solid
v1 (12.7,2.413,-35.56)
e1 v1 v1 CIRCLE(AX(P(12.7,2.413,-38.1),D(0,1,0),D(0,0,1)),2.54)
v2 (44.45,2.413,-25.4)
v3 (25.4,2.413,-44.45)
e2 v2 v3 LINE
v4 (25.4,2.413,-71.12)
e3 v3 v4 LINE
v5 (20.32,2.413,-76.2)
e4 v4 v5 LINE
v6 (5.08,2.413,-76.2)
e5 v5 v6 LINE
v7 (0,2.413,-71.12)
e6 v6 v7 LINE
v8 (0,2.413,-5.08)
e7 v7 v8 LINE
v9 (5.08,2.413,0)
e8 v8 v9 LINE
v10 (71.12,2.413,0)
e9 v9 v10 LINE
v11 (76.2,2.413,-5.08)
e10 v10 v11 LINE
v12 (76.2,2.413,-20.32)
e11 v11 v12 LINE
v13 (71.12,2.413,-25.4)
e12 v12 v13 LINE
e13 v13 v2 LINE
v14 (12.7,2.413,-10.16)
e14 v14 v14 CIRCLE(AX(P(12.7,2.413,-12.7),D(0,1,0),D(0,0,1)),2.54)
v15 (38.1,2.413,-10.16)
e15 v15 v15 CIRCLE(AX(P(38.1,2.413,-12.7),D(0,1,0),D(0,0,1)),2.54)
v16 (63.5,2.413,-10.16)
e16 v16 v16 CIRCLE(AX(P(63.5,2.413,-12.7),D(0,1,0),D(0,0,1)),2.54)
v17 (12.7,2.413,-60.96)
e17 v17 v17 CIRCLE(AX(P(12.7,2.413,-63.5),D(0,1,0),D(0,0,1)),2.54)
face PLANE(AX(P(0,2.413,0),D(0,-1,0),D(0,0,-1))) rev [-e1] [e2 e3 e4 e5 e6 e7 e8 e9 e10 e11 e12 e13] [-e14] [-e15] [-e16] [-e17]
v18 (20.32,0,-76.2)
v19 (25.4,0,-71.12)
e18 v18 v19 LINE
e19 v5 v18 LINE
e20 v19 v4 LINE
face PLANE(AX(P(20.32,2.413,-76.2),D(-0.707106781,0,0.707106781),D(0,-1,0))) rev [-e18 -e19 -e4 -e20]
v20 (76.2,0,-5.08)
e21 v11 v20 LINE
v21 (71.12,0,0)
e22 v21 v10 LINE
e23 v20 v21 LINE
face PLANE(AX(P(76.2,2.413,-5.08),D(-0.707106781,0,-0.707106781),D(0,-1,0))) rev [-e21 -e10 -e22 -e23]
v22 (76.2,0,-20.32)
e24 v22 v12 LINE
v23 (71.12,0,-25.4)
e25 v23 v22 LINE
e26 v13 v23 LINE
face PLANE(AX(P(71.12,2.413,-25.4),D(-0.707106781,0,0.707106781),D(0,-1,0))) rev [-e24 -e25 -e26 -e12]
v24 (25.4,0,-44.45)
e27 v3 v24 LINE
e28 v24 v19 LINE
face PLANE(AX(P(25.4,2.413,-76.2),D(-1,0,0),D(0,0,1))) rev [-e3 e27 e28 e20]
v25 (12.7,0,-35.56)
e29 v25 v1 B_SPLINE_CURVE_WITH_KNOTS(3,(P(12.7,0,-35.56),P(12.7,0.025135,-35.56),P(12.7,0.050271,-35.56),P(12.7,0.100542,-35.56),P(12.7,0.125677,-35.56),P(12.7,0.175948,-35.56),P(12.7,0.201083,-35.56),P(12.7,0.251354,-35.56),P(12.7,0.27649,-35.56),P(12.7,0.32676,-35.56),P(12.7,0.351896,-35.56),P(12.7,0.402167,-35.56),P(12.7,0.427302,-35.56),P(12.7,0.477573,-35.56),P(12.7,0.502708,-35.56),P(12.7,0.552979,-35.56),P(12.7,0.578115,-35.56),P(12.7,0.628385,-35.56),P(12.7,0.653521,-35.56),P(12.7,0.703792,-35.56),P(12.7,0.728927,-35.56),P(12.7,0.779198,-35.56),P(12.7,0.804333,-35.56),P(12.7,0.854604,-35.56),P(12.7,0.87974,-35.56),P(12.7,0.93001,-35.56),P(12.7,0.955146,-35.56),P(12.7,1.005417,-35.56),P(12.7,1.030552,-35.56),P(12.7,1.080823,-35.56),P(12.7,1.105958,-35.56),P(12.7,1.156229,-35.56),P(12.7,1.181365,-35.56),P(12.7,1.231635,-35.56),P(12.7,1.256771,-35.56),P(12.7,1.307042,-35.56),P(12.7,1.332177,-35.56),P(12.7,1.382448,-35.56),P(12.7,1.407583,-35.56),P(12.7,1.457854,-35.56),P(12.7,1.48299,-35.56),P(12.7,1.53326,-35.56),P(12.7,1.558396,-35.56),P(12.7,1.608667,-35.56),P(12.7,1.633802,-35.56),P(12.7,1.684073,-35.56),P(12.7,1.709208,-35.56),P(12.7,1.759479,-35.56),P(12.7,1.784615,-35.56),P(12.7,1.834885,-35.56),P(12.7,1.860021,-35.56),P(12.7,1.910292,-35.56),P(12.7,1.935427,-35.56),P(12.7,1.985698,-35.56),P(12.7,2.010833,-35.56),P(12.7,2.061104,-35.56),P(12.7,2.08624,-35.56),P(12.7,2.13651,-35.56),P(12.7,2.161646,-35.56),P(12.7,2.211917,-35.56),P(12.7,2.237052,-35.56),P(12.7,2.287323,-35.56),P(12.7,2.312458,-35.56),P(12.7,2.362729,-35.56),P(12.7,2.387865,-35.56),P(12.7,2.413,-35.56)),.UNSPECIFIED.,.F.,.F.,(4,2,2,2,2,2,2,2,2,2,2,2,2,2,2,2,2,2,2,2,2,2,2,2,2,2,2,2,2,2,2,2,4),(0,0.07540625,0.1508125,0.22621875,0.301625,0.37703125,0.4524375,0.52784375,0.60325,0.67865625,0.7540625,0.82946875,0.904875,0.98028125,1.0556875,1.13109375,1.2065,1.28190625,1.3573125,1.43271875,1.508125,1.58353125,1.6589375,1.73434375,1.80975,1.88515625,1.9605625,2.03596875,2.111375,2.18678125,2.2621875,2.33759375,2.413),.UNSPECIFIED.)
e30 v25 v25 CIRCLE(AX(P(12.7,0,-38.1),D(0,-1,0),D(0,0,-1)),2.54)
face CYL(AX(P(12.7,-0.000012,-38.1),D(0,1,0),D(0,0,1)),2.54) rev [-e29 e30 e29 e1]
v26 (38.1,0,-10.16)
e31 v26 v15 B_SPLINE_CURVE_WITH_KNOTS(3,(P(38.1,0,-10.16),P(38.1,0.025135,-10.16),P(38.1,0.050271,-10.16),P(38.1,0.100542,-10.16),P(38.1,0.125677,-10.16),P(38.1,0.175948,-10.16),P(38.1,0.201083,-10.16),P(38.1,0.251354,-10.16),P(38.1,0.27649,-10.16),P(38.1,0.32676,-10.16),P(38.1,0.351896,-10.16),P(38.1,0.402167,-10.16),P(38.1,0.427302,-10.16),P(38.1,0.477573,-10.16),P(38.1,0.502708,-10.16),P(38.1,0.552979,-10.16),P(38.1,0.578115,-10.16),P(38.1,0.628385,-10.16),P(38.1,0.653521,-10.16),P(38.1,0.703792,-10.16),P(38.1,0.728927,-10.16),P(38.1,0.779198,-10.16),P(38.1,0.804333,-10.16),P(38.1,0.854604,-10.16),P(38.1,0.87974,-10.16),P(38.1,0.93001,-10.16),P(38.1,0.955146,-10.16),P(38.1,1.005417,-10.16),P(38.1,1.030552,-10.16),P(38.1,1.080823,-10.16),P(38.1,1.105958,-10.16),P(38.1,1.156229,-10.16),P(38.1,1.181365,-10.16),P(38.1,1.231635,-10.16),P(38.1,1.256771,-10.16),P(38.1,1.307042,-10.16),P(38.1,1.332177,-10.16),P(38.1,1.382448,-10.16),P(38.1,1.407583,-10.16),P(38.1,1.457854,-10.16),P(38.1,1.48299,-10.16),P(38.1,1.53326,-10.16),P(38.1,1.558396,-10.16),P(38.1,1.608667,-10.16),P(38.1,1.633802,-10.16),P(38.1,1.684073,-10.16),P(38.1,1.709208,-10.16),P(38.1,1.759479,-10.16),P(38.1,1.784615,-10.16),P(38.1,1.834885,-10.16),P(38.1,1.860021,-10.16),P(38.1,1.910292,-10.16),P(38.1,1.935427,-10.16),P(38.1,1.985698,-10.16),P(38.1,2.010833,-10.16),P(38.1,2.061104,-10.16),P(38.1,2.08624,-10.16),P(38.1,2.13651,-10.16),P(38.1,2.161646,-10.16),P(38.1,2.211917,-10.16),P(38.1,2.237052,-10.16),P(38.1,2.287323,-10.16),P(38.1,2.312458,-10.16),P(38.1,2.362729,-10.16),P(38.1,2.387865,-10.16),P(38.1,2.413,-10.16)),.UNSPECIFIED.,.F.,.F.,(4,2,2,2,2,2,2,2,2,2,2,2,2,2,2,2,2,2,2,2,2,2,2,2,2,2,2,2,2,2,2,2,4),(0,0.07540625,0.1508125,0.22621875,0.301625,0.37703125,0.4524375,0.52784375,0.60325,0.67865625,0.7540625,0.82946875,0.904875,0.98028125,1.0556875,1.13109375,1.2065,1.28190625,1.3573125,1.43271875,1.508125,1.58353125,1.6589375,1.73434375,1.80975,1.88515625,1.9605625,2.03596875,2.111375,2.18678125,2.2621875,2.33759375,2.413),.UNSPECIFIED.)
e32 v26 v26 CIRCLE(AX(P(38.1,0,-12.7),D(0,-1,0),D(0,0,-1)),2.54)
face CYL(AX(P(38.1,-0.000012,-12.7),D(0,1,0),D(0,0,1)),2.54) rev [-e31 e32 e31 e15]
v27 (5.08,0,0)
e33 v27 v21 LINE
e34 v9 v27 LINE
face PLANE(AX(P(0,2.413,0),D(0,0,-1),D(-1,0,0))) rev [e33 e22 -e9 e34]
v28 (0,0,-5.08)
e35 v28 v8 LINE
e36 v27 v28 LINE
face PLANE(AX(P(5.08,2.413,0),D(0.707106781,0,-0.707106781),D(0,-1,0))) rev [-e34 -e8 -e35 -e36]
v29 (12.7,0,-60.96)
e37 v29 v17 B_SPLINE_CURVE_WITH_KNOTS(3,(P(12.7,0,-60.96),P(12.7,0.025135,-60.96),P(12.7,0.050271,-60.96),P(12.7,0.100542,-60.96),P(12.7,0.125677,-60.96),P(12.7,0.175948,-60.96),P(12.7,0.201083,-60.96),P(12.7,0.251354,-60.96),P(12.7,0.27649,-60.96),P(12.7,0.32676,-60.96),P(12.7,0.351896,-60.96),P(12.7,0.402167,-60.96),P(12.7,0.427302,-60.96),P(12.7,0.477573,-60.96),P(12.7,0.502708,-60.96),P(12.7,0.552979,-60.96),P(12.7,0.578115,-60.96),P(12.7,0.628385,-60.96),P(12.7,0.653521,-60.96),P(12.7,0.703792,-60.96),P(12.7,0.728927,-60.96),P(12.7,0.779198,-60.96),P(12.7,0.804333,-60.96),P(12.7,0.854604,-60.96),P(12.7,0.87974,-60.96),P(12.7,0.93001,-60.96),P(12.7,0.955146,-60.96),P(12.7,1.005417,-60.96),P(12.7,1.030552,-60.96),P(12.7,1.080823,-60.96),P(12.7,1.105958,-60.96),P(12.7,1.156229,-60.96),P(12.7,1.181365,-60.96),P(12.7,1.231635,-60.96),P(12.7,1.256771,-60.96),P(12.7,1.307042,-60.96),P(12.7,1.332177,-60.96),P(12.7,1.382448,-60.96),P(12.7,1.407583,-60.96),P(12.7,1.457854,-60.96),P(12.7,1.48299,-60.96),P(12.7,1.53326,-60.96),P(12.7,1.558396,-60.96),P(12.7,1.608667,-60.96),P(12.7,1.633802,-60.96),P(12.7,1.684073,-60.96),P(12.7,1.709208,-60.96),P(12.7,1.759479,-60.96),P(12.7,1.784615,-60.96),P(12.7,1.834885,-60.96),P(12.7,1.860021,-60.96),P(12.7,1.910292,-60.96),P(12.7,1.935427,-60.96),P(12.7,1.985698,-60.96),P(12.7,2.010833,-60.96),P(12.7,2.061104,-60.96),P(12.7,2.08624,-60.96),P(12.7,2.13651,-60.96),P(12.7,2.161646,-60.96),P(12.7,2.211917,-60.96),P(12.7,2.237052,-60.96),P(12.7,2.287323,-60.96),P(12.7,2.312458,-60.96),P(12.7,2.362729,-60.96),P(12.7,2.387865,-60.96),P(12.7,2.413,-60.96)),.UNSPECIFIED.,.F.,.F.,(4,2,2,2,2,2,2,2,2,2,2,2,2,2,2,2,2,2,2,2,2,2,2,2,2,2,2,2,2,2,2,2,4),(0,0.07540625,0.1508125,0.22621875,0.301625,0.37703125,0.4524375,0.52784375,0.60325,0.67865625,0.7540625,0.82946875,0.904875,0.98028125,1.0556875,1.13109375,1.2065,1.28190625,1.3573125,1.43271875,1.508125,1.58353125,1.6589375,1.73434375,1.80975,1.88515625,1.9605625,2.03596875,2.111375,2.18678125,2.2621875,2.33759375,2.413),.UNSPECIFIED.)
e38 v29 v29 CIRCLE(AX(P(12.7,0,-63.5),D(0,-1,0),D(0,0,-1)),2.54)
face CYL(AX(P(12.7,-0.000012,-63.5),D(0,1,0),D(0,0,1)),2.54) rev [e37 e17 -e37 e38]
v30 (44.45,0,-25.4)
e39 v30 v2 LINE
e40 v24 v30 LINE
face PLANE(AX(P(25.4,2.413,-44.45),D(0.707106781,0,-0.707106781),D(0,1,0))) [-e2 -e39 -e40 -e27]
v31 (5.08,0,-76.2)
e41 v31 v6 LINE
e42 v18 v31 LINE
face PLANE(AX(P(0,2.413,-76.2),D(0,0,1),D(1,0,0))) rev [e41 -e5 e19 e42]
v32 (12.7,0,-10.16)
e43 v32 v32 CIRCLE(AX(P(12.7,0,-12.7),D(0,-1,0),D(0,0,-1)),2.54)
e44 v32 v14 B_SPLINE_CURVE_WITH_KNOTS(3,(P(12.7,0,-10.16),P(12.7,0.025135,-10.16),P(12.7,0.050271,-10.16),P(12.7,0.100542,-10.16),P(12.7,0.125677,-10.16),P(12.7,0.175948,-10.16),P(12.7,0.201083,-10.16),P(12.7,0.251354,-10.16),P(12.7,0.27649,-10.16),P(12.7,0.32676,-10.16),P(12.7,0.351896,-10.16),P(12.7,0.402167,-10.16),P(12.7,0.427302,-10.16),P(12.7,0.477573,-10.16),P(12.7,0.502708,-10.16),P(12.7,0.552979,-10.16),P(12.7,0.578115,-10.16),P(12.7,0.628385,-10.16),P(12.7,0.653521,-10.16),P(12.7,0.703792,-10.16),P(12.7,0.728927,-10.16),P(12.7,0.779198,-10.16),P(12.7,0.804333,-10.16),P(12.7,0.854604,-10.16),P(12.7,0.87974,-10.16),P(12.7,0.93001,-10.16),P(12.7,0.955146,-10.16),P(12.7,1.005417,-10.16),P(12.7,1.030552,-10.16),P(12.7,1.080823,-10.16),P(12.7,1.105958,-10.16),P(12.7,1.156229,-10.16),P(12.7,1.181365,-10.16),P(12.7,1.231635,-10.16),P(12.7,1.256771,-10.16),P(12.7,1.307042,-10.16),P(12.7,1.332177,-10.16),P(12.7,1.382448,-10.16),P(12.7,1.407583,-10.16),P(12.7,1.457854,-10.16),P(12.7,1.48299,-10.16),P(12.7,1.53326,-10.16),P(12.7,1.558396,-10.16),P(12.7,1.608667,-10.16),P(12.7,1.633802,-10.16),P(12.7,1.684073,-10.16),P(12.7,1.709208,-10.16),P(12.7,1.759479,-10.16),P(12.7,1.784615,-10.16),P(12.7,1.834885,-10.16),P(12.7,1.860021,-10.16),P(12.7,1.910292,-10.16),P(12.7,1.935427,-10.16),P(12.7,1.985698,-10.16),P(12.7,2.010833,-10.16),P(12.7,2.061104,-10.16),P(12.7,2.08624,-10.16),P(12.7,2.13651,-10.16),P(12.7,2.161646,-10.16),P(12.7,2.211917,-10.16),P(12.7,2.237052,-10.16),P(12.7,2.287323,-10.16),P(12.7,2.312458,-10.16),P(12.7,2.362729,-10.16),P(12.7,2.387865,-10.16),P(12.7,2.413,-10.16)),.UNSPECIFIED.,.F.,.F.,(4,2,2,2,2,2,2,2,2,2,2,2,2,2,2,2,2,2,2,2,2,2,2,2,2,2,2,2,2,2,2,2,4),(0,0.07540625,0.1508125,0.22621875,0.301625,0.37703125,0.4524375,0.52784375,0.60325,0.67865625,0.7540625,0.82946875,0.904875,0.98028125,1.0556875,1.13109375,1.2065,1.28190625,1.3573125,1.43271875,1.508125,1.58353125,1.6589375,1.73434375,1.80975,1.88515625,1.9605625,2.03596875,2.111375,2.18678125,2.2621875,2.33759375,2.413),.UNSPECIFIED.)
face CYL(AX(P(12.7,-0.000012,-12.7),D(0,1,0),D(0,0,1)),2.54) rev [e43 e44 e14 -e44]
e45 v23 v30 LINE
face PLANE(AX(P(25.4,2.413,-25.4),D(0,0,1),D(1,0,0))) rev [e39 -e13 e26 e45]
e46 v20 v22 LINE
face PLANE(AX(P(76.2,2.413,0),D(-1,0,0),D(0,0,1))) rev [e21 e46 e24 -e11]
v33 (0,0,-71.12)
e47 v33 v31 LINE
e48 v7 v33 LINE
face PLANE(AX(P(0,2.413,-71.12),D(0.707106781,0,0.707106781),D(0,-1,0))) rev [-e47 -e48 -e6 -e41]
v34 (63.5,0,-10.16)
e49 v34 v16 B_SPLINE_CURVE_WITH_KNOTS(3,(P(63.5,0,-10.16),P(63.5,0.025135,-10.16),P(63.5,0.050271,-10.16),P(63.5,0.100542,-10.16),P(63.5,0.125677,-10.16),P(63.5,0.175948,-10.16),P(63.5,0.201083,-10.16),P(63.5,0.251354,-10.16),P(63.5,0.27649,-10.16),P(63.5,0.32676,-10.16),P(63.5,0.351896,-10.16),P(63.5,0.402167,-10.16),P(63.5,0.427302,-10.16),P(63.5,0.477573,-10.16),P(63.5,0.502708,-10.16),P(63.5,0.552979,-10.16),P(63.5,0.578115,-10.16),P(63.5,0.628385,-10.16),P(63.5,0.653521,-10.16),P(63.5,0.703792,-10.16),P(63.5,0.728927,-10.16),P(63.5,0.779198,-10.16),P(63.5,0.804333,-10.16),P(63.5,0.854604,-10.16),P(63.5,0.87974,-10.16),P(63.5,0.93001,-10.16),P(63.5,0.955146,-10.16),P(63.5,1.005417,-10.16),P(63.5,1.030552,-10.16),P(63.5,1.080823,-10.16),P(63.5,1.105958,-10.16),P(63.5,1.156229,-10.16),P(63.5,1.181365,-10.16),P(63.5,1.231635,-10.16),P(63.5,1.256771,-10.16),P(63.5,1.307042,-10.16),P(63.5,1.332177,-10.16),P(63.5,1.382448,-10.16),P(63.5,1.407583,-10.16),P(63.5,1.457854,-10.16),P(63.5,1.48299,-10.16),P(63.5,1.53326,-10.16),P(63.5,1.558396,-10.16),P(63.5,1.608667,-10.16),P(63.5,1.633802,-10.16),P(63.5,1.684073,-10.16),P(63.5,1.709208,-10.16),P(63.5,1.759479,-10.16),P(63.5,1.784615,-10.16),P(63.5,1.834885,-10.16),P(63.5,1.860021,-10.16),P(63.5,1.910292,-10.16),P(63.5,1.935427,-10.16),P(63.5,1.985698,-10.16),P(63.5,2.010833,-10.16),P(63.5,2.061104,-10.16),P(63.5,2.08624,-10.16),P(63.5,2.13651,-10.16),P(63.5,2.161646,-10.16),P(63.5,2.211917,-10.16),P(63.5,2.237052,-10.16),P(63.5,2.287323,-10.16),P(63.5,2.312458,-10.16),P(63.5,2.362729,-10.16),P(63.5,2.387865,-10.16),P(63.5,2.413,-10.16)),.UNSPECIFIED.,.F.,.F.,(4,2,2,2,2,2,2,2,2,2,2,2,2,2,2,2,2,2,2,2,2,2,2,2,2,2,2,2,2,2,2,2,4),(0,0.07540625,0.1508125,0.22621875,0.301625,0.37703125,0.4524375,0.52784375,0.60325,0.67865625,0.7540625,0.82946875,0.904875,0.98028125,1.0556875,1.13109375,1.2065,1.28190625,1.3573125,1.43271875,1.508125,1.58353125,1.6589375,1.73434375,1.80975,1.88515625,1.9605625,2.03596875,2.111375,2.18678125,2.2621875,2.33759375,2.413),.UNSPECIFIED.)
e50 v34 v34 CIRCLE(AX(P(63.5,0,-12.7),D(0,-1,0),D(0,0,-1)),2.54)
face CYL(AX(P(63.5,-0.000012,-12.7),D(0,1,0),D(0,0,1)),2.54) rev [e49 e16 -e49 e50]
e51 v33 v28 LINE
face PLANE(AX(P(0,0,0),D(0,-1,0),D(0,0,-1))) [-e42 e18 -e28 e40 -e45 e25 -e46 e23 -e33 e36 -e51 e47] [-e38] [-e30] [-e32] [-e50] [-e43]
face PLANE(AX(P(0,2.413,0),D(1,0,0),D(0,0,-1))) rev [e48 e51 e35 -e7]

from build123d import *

# Parameters (mm, degrees)
BOSS_EXTRUDE1_DEPTH     = 2.413
CHAMFER1_SIZE           = 19.05
CHAMFER2_SIZE           = 5.08
CUT_EXTRUDE1_DEPTH      = 108.790085671
CUT_EXTRUDE1_DEPTH_BACK = 108.790085671
SKETCH2_R               = 2.54


with BuildPart() as part:
    # Sketch1 → Boss-Extrude1 (new body)
    with BuildSketch(Plane(origin=(0, 0, 0), x_dir=(1, 0, 0), z_dir=(0, 1, 0))):
        Polygon((25.4, 76.2), (25.4, 25.4), (76.2, 25.4), (76.2, 0), (0, 0), (0, 76.2), align=None)
    extrude(amount=BOSS_EXTRUDE1_DEPTH)

    # Chamfer1
    chamfer1_edges = [part.edges().sort_by_distance(p)[0] for p in [
        (25.4, 1.2065, -25.4),
    ]]
    chamfer(chamfer1_edges, length=CHAMFER1_SIZE)

    # Chamfer2
    chamfer2_edges = [part.edges().sort_by_distance(p)[0] for p in [
        (0, 1.2065, -76.2),
        (25.4, 1.2065, -76.2),
        (76.2, 1.2065, -25.4),
        (76.2, 1.2065, 0),
        (0, 1.2065, 0),
    ]]
    chamfer(chamfer2_edges, length=CHAMFER2_SIZE)

    # Sketch2 → Cut-Extrude1 (cut, two sides: drawn at the far end of the back side and taken through both)
    with BuildSketch(Plane(origin=(0, 0, 0), x_dir=(1, 0, 0), z_dir=(0, 1, 0)).offset(-CUT_EXTRUDE1_DEPTH_BACK)):
        with Locations(Location((12.7, 12.7, 0), (0, 0, 270))):
            Circle(SKETCH2_R)
        with Locations(Location((12.7, 38.1, 0), (0, 0, 270))):
            Circle(SKETCH2_R)
        with Locations(Location((38.1, 12.7, 0), (0, 0, 270))):
            Circle(SKETCH2_R)
        with Locations(Location((12.7, 63.5, 0), (0, 0, 270))):
            Circle(SKETCH2_R)
        with Locations(Location((63.5, 12.7, 0), (0, 0, 270))):
            Circle(SKETCH2_R)
    extrude(amount=CUT_EXTRUDE1_DEPTH + CUT_EXTRUDE1_DEPTH_BACK, mode=Mode.SUBTRACT)


solid = part.part
